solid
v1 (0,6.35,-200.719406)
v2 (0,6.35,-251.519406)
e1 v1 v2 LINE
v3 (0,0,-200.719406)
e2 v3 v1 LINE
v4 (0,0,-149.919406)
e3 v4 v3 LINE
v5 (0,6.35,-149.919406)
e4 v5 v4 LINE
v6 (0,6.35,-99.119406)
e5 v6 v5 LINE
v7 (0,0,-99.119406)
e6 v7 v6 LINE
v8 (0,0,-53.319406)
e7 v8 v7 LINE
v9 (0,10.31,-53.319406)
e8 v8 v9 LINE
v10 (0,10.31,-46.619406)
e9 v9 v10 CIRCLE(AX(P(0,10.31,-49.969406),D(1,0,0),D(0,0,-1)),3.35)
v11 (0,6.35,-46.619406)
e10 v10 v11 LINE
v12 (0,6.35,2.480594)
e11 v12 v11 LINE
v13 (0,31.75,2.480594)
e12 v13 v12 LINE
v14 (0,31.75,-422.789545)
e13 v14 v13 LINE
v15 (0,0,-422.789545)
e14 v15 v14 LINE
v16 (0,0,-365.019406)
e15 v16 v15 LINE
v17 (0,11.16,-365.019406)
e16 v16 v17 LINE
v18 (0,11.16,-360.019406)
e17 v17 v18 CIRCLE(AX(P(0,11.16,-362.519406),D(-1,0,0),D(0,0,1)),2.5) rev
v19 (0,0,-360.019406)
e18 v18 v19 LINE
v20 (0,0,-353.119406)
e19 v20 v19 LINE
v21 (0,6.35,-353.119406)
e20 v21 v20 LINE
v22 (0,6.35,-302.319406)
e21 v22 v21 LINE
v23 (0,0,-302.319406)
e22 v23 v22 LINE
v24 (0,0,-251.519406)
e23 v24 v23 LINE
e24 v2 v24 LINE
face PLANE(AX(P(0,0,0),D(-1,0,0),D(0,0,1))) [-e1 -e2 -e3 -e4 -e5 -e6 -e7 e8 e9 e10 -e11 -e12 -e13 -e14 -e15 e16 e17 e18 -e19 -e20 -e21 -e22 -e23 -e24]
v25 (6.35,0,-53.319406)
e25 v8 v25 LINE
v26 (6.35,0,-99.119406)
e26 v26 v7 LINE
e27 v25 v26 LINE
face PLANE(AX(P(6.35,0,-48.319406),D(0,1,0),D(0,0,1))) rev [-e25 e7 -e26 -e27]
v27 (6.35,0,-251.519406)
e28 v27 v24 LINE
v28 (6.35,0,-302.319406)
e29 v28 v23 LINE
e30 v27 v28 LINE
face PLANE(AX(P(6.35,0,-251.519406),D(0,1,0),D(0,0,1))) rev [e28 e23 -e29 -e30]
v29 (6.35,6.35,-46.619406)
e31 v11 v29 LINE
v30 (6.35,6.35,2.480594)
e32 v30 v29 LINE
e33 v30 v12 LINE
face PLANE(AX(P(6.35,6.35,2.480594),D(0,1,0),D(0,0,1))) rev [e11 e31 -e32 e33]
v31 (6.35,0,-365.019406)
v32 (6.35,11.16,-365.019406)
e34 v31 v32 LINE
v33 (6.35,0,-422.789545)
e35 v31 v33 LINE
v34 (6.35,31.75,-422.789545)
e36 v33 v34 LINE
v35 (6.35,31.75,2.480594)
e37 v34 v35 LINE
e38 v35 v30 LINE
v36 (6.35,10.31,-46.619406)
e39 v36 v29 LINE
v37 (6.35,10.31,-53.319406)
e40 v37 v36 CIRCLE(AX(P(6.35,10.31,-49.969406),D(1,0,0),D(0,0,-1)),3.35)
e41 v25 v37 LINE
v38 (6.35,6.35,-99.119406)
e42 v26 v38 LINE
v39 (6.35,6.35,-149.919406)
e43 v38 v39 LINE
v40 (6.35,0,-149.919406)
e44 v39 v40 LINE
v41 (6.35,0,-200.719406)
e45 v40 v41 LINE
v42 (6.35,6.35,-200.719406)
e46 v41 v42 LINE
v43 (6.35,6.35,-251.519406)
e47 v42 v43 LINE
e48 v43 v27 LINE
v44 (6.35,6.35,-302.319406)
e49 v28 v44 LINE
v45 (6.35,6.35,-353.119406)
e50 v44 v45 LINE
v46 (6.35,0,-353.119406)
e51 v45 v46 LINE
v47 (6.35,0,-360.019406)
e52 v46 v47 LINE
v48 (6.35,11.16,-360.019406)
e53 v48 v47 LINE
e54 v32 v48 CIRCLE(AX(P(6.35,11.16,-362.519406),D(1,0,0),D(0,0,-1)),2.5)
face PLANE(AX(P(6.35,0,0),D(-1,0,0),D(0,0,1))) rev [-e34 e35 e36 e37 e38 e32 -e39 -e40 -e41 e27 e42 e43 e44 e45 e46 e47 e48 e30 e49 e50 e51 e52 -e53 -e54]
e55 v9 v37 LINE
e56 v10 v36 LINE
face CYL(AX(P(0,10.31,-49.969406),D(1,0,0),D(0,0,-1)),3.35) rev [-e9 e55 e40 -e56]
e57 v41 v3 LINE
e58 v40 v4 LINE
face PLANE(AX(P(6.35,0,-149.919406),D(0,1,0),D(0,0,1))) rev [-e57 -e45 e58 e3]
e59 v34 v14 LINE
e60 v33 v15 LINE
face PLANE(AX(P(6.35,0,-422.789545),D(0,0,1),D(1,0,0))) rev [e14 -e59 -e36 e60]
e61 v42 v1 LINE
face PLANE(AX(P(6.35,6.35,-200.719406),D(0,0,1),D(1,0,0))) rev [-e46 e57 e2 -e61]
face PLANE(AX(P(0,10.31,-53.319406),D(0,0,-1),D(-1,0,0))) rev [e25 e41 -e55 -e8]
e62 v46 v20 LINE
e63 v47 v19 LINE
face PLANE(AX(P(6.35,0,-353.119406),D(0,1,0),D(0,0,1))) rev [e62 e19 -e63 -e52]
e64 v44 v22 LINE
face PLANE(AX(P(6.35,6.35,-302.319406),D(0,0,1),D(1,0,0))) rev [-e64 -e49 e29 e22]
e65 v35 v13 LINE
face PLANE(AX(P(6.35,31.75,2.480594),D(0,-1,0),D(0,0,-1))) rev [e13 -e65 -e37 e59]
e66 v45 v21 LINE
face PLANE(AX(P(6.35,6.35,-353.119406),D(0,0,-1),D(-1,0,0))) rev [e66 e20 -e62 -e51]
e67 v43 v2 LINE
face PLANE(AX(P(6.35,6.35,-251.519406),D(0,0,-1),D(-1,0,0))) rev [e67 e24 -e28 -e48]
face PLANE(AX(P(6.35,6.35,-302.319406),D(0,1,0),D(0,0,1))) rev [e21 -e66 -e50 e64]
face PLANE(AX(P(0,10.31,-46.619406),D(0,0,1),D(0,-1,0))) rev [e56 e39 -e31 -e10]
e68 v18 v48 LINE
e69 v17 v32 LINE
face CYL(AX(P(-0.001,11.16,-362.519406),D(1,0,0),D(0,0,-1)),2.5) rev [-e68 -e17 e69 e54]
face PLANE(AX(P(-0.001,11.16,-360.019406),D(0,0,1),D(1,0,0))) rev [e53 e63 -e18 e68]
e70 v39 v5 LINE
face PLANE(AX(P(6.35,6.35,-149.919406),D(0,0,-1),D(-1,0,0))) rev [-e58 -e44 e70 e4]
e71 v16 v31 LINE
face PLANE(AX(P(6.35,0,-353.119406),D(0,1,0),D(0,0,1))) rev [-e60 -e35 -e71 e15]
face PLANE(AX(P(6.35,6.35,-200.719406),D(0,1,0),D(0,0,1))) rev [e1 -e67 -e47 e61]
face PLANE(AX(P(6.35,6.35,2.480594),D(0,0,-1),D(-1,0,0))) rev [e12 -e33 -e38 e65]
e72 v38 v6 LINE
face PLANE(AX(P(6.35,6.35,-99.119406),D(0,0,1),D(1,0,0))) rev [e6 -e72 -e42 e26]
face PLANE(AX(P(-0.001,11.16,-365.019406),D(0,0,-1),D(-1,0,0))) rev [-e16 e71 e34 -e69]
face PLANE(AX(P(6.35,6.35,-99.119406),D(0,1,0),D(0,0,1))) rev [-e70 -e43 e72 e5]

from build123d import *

# Parameters (mm, degrees)
BOSS_EXTRUDE1_DEPTH = 6.35
CUT_EXTRUDE1_REACH  = 426.028
CUT_EXTRUDE2_DEPTH  = 425.027574582


with BuildPart() as part:
    # Sketch2 → Boss-Extrude1 (new body)
    with BuildSketch(Plane(origin=(0, 0, 0), x_dir=(0, 0, -1), z_dir=(1, 0, 0))):
        Polygon((48.319405744, 0), (99.119405744, 0), (99.119405744, 6.35), (149.919405744, 6.35), (149.919405744, 0), (200.719405744, 0), (200.719405744, 6.35), (251.519405744, 6.35), (251.519405744, 0), (302.319405744, 0), (302.319405744, 6.35), (353.119405744, 6.35), (353.119405744, 0), (422.789544579, 0), (422.789544579, 31.75), (-2.480594256, 31.75), (-2.480594256, 6.35), (48.319405744, 6.35), align=None)
    extrude(amount=BOSS_EXTRUDE1_DEPTH)

    # Sketch3 → Cut-Extrude1 (cut, up to next)
    with BuildSketch(Plane(origin=(6.35, 0, 0), x_dir=(0, 0, -1), z_dir=(1, 0, 0)), mode=Mode.PRIVATE) as cut_extrude1_sk1:
        with BuildLine():
            Line((365.019405744, 11.16), (365.019405744, -0.034586793))
            Line((365.019405744, -0.034586793), (360.019405744, -0.034586793))
            Line((360.019405744, -0.034586793), (360.019405744, 11.16))
            ThreePointArc((360.019405744, 11.16), (362.519405744, 13.66), (365.019405744, 11.16))
        make_face()
    cut_extrude1_tool1 = extrude(cut_extrude1_sk1.sketch, amount=-CUT_EXTRUDE1_REACH, mode=Mode.PRIVATE) & part.part
    add(cut_extrude1_tool1.solids().sort_by_distance((6.35, 6.556286, -362.519406))[0], mode=Mode.SUBTRACT)

    # Sketch4 → Cut-Extrude2 (cut, through all)
    with BuildSketch(Plane(origin=(6.35, 0, 0), x_dir=(0, 0, -1), z_dir=(1, 0, 0))):
        with BuildLine():
            Line((53.319405744, 10.31), (53.319405744, 0))
            Line((53.319405744, 0), (48.319405744, 0))
            Line((48.319405744, 0), (48.319405744, 6.35))
            Line((48.319405744, 6.35), (46.619405744, 6.35))
            Line((46.619405744, 6.35), (46.619405744, 10.31))
            ThreePointArc((46.619405744, 10.31), (49.969405744, 13.66), (53.319405744, 10.31))
        make_face()
    extrude(amount=-CUT_EXTRUDE2_DEPTH, mode=Mode.SUBTRACT)


solid = part.part
